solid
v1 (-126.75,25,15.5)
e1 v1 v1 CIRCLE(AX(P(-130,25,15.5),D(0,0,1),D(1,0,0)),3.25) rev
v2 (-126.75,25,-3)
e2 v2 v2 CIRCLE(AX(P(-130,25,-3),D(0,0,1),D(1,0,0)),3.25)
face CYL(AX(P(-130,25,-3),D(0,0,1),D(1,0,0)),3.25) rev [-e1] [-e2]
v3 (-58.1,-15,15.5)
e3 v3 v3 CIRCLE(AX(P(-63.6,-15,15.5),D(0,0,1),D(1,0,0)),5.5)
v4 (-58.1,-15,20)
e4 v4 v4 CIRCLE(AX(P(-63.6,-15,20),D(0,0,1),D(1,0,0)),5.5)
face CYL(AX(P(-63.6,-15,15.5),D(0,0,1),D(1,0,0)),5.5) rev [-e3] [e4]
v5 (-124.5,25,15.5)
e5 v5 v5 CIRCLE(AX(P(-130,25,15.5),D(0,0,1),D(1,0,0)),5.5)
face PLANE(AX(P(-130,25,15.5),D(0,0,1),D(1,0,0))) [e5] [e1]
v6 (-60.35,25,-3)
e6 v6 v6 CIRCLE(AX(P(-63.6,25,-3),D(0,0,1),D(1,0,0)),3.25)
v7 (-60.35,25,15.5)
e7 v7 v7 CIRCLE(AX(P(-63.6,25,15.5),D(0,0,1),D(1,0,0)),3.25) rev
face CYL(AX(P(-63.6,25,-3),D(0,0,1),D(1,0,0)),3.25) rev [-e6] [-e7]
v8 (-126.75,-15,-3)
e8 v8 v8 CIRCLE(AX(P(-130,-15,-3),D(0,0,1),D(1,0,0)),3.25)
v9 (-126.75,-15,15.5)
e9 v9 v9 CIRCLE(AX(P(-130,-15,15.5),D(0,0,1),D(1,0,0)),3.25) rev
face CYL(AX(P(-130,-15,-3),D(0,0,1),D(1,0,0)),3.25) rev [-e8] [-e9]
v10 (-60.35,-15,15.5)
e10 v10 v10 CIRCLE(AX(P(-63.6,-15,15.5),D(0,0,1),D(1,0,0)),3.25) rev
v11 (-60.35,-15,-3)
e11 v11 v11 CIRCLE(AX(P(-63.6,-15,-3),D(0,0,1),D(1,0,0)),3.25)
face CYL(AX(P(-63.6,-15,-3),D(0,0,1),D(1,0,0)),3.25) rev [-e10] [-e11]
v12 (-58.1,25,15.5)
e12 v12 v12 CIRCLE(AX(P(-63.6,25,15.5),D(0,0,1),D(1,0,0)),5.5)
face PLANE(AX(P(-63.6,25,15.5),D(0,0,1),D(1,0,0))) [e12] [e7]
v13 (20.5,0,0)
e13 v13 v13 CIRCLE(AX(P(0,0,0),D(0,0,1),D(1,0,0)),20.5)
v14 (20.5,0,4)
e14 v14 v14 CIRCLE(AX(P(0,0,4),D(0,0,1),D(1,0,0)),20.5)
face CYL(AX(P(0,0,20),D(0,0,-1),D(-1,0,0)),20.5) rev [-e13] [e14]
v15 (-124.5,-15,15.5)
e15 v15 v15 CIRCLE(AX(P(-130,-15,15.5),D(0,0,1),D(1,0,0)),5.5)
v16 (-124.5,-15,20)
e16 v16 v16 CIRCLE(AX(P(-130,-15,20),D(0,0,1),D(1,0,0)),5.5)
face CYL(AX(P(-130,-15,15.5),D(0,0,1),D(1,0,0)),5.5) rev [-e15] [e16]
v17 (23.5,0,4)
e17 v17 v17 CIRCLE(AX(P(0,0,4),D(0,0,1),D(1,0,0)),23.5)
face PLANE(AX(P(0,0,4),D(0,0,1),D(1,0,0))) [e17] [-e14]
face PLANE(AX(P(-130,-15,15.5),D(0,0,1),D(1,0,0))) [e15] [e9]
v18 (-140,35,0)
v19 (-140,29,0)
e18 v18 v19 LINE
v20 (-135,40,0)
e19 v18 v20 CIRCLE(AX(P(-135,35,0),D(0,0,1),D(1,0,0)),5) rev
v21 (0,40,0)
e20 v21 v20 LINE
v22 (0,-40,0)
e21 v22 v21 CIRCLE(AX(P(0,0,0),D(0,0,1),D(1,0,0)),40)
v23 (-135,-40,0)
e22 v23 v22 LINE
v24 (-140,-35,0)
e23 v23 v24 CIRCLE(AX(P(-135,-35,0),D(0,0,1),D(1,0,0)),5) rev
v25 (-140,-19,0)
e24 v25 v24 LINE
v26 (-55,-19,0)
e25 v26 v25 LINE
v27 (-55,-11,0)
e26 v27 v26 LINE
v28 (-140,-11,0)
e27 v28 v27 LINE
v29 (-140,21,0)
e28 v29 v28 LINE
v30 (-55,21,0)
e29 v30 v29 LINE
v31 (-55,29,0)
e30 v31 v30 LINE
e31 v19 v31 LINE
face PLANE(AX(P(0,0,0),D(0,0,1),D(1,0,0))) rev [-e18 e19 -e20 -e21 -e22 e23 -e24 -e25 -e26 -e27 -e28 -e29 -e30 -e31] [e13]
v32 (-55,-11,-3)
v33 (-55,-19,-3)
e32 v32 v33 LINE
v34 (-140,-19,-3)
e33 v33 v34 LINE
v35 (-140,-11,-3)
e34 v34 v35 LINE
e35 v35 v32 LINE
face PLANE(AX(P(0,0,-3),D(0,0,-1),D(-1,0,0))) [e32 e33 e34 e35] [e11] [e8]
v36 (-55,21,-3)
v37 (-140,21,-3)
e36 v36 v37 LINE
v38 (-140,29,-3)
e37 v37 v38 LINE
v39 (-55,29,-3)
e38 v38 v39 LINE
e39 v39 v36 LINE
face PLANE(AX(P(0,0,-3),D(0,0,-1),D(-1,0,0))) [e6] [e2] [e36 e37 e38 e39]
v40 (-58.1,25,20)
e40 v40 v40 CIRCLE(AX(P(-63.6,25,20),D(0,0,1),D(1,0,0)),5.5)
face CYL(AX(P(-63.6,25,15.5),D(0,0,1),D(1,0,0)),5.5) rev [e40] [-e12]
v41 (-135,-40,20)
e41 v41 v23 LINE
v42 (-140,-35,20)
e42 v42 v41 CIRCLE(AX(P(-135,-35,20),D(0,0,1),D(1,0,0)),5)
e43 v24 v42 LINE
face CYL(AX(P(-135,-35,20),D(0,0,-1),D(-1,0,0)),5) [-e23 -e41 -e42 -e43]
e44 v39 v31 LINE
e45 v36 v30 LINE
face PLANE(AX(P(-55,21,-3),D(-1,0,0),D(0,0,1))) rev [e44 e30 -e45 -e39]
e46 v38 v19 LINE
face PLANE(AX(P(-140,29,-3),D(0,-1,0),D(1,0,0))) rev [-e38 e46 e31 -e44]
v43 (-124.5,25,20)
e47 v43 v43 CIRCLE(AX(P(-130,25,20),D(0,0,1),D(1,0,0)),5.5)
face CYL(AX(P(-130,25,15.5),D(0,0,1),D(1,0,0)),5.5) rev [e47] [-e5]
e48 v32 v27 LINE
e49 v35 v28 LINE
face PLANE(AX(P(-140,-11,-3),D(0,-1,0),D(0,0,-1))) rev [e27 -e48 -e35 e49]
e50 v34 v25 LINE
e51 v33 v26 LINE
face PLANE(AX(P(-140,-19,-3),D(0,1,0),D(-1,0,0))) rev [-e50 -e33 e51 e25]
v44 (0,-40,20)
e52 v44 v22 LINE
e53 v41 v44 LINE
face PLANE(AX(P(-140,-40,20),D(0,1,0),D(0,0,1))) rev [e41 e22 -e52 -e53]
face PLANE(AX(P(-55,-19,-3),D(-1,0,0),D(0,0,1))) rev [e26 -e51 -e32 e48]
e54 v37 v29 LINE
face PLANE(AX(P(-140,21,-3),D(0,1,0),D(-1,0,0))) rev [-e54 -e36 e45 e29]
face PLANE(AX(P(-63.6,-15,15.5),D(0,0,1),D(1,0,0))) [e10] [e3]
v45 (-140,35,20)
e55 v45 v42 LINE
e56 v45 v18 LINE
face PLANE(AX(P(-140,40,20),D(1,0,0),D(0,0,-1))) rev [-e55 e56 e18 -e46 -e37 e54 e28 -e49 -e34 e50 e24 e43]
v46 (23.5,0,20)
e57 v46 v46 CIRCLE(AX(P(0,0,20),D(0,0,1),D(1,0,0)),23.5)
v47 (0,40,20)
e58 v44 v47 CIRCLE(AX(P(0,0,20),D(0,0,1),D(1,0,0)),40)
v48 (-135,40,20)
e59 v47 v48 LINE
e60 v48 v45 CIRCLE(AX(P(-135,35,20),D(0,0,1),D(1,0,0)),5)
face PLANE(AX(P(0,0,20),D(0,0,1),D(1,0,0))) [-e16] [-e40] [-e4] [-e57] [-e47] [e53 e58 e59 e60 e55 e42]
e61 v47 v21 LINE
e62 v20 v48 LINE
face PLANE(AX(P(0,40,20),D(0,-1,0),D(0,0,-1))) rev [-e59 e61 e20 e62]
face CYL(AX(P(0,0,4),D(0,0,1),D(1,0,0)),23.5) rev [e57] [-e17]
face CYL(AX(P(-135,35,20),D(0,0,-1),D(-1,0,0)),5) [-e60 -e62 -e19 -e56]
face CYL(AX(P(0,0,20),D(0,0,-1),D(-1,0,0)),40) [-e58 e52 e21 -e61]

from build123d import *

# Parameters (mm, degrees)
SKETCH1_R           = 20.5
BOSS_EXTRUDE1_DEPTH = 20
SKETCH2_R           = 23.5
CUT_EXTRUDE1_DEPTH  = 16
SKETCH4_W           = 85
SKETCH4_H           = 8
BOSS_EXTRUDE2_DEPTH = 3
SKETCH3_R           = 3.25
CUT_EXTRUDE2_DEPTH  = 148.407598176
SKETCH5_R           = 5.5
CUT_EXTRUDE3_DEPTH  = 4.5
FILLET1_R           = 5


with BuildPart() as part:
    # Sketch1 → Boss-Extrude1 (new body)
    with BuildSketch(Plane.XY):
        with BuildLine():
            Line((0, 40), (-140, 40))
            Line((-140, 40), (-140, -40))
            Line((-140, -40), (0, -40))
            ThreePointArc((0, -40), (40, 0), (0, 40))
        make_face()
        Circle(SKETCH1_R, mode=Mode.SUBTRACT)
    extrude(amount=BOSS_EXTRUDE1_DEPTH)

    # Sketch2 → Cut-Extrude1 (cut)
    with BuildSketch(Plane.XY.offset(20)):
        Circle(SKETCH2_R)
    extrude(amount=-CUT_EXTRUDE1_DEPTH, mode=Mode.SUBTRACT)

    # Sketch4 → Boss-Extrude2 (add)
    with BuildSketch(Plane(origin=(0, 0, 0), x_dir=(-1, 0, 0), z_dir=(0, 0, -1))):
        with Locations((97.5, -15)):
            Rectangle(SKETCH4_W, SKETCH4_H)
        with Locations((97.5, 25)):
            Rectangle(SKETCH4_W, SKETCH4_H)
    extrude(amount=BOSS_EXTRUDE2_DEPTH)

    # Sketch3 → Cut-Extrude2 (cut, through all)
    with BuildSketch(Plane.XY.offset(20)):
        with Locations((-63.6, 25)):
            Circle(SKETCH3_R)
        with Locations((-130, 25)):
            Circle(SKETCH3_R)
        with Locations((-130, -15)):
            Circle(SKETCH3_R)
        with Locations((-63.6, -15)):
            Circle(SKETCH3_R)
    extrude(amount=-CUT_EXTRUDE2_DEPTH, mode=Mode.SUBTRACT)

    # Sketch5 → Cut-Extrude3 (cut)
    with BuildSketch(Plane.XY.offset(20)):
        with Locations((-130, 25)):
            Circle(SKETCH5_R)
        with Locations((-63.6, 25)):
            Circle(SKETCH5_R)
        with Locations((-63.6, -15)):
            Circle(SKETCH5_R)
        with Locations((-130, -15)):
            Circle(SKETCH5_R)
    extrude(amount=-CUT_EXTRUDE3_DEPTH, mode=Mode.SUBTRACT)

    # Fillet1
    fillet1_edges = [part.edges().sort_by_distance(p)[0] for p in [
        (-140, -40, 10),
        (-140, 40, 10),
    ]]
    fillet(fillet1_edges, radius=FILLET1_R)


solid = part.part
